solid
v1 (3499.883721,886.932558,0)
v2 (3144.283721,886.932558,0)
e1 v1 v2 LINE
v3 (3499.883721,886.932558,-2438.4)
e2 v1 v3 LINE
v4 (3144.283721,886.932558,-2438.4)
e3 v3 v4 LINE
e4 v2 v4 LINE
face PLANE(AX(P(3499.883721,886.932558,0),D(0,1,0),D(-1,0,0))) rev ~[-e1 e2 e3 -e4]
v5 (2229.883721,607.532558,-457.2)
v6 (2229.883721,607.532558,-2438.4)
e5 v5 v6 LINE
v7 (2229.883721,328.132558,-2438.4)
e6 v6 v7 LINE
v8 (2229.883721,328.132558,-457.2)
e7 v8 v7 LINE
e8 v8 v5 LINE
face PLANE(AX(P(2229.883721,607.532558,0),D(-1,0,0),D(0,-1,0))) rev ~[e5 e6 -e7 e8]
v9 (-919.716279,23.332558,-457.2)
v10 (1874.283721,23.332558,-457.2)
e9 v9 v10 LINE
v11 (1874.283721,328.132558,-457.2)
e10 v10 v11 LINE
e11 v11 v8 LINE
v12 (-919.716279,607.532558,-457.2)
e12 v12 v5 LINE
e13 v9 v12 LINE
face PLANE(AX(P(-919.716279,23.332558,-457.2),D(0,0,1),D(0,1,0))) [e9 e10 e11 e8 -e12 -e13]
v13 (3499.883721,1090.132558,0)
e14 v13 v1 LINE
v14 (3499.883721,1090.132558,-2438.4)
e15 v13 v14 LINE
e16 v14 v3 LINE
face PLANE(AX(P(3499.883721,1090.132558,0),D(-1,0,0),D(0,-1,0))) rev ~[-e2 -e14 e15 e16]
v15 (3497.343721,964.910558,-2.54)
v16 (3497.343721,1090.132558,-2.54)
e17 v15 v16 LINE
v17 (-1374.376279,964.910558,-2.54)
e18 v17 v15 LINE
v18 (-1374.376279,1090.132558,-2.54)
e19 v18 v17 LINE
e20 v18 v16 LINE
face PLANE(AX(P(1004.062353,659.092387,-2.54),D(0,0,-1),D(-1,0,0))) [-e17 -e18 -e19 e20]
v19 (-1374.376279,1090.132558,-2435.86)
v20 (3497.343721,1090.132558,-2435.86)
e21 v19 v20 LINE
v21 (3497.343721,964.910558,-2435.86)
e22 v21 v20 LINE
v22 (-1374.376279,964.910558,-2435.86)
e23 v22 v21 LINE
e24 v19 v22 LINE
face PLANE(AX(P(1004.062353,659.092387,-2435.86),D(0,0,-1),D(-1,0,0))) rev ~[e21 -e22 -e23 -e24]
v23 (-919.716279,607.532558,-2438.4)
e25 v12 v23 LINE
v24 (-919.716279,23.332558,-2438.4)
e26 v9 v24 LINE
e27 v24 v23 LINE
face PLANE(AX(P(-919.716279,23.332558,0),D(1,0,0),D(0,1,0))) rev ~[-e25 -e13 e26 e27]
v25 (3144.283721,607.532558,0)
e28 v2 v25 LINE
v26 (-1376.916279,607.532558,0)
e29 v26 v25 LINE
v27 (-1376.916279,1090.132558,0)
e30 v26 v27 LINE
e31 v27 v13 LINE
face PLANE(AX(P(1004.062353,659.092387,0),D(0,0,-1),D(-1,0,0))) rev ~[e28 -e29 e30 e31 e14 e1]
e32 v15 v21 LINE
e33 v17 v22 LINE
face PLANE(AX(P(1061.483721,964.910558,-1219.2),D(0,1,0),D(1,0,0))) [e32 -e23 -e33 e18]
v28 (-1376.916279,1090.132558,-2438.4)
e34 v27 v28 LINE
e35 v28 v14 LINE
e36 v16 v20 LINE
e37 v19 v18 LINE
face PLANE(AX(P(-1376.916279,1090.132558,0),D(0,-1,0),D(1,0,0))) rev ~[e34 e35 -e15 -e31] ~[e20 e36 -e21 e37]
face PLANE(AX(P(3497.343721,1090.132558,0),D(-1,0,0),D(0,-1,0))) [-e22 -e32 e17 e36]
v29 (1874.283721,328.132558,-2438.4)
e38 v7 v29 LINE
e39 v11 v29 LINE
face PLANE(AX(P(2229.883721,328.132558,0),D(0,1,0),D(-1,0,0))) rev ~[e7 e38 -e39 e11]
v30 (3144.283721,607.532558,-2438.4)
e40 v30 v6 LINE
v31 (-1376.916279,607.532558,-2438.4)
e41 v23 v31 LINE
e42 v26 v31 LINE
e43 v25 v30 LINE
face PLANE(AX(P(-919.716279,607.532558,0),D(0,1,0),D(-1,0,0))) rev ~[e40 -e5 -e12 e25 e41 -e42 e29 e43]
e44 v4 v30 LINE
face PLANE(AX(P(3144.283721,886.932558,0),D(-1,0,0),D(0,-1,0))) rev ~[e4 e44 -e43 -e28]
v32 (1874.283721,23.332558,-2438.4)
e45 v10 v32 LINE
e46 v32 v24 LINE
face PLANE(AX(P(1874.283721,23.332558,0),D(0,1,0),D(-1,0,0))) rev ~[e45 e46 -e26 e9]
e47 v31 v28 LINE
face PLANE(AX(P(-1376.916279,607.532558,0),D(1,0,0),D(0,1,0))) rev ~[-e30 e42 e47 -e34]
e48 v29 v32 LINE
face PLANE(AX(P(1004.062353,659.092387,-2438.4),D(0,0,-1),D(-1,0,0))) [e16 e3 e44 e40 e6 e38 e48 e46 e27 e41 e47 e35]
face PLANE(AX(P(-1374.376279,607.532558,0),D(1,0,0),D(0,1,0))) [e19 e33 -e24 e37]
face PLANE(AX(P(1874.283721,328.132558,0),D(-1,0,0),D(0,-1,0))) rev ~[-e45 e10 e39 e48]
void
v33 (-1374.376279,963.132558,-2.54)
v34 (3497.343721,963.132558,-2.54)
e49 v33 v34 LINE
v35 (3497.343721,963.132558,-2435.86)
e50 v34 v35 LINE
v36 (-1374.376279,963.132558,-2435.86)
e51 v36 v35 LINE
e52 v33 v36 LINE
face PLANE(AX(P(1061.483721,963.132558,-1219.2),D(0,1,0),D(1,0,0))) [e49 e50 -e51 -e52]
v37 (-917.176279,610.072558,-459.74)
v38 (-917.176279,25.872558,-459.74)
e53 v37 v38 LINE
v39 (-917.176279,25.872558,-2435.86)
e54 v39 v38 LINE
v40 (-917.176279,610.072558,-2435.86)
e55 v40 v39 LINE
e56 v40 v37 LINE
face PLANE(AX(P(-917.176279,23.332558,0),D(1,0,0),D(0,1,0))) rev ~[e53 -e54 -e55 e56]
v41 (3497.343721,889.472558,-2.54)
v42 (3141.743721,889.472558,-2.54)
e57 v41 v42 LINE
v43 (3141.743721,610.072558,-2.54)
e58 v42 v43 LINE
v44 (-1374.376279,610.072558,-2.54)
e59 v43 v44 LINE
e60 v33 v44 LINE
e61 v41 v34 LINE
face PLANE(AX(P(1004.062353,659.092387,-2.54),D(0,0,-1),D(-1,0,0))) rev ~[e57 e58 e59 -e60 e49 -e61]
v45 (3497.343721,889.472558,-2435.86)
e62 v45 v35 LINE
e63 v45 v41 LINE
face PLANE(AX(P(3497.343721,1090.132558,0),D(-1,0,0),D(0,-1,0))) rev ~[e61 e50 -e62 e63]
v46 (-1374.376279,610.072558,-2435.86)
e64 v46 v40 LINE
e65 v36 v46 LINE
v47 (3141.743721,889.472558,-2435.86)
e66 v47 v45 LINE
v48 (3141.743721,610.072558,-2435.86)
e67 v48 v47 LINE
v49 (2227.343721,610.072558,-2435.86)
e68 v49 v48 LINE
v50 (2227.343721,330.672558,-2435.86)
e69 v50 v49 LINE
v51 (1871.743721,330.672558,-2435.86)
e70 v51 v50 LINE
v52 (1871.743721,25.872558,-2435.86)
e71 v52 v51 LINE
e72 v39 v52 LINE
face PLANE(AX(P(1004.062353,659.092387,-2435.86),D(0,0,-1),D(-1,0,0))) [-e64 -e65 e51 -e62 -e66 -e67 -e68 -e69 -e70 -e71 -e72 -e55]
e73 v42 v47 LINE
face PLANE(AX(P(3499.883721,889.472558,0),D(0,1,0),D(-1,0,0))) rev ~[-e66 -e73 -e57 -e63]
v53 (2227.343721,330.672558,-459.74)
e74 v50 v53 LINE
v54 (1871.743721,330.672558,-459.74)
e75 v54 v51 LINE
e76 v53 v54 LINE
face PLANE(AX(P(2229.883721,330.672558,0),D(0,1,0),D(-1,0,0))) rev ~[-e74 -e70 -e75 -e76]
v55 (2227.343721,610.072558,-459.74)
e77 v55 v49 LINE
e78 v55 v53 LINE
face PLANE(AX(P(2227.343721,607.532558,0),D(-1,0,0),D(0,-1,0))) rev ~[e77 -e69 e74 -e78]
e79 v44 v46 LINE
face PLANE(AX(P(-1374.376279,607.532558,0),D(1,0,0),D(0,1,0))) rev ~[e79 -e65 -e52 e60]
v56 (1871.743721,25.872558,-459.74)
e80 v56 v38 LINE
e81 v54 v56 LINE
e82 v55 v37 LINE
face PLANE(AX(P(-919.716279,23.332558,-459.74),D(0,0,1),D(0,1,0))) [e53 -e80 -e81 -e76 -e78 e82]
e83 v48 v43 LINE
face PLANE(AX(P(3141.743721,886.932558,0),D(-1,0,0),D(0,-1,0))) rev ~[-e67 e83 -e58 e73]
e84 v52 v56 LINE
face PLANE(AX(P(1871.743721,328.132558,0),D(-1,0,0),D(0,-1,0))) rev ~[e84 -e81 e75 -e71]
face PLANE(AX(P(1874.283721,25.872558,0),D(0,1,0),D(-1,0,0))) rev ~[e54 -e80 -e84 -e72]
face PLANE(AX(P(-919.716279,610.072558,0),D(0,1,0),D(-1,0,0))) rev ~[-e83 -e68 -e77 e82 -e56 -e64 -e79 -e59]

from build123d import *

# Parameters (mm, degrees)
BOSS_EXTRUDE1_DEPTH = 2438.4
SKETCH4_W           = 457.2
SKETCH4_H           = 584.2
CUT_EXTRUDE1_DEPTH  = 3810
SHELL1_T            = -2.54
SKETCH3_W           = 4871.72
SKETCH3_H           = 2433.32
BOSS_EXTRUDE3_DEPTH = 1.778


with BuildPart() as part:
    # Sketch1 → Boss-Extrude1 (new body)
    with BuildSketch(Plane.XY):
        Polygon((-1376.91627907, 1090.13255814), (3499.88372093, 1090.13255814), (3499.88372093, 886.93255814), (3144.28372093, 886.93255814), (3144.28372093, 607.53255814), (2229.88372093, 607.53255814), (2229.88372093, 328.13255814), (1874.28372093, 328.13255814), (1874.28372093, 23.33255814), (-919.71627907, 23.33255814), (-919.71627907, 607.53255814), (-1376.91627907, 607.53255814), align=None)
    extrude(amount=-BOSS_EXTRUDE1_DEPTH)

    # Sketch4 → Cut-Extrude1 (cut)
    with BuildSketch(Plane.ZY.offset(919.71627907)):
        with Locations((-228.6, 315.43255814)):
            Rectangle(SKETCH4_W, SKETCH4_H)
    extrude(amount=-CUT_EXTRUDE1_DEPTH, mode=Mode.SUBTRACT)

    # Shell1
    shell1_openings = [part.faces().sort_by_distance(p)[0] for p in [
        (1061.48372093, 1090.13255814, -1219.2),
    ]]
    offset(amount=SHELL1_T, openings=shell1_openings, kind=Kind.INTERSECTION)

    # Sketch3 → Boss-Extrude3 (add)
    with BuildSketch(Plane(origin=(0, 963.13255814, 0), x_dir=(1, 0, 0), z_dir=(0, 1, 0))):
        with Locations((1061.48372093, 1219.2)):
            Rectangle(SKETCH3_W, SKETCH3_H)
    extrude(amount=BOSS_EXTRUDE3_DEPTH)


solid = part.part
